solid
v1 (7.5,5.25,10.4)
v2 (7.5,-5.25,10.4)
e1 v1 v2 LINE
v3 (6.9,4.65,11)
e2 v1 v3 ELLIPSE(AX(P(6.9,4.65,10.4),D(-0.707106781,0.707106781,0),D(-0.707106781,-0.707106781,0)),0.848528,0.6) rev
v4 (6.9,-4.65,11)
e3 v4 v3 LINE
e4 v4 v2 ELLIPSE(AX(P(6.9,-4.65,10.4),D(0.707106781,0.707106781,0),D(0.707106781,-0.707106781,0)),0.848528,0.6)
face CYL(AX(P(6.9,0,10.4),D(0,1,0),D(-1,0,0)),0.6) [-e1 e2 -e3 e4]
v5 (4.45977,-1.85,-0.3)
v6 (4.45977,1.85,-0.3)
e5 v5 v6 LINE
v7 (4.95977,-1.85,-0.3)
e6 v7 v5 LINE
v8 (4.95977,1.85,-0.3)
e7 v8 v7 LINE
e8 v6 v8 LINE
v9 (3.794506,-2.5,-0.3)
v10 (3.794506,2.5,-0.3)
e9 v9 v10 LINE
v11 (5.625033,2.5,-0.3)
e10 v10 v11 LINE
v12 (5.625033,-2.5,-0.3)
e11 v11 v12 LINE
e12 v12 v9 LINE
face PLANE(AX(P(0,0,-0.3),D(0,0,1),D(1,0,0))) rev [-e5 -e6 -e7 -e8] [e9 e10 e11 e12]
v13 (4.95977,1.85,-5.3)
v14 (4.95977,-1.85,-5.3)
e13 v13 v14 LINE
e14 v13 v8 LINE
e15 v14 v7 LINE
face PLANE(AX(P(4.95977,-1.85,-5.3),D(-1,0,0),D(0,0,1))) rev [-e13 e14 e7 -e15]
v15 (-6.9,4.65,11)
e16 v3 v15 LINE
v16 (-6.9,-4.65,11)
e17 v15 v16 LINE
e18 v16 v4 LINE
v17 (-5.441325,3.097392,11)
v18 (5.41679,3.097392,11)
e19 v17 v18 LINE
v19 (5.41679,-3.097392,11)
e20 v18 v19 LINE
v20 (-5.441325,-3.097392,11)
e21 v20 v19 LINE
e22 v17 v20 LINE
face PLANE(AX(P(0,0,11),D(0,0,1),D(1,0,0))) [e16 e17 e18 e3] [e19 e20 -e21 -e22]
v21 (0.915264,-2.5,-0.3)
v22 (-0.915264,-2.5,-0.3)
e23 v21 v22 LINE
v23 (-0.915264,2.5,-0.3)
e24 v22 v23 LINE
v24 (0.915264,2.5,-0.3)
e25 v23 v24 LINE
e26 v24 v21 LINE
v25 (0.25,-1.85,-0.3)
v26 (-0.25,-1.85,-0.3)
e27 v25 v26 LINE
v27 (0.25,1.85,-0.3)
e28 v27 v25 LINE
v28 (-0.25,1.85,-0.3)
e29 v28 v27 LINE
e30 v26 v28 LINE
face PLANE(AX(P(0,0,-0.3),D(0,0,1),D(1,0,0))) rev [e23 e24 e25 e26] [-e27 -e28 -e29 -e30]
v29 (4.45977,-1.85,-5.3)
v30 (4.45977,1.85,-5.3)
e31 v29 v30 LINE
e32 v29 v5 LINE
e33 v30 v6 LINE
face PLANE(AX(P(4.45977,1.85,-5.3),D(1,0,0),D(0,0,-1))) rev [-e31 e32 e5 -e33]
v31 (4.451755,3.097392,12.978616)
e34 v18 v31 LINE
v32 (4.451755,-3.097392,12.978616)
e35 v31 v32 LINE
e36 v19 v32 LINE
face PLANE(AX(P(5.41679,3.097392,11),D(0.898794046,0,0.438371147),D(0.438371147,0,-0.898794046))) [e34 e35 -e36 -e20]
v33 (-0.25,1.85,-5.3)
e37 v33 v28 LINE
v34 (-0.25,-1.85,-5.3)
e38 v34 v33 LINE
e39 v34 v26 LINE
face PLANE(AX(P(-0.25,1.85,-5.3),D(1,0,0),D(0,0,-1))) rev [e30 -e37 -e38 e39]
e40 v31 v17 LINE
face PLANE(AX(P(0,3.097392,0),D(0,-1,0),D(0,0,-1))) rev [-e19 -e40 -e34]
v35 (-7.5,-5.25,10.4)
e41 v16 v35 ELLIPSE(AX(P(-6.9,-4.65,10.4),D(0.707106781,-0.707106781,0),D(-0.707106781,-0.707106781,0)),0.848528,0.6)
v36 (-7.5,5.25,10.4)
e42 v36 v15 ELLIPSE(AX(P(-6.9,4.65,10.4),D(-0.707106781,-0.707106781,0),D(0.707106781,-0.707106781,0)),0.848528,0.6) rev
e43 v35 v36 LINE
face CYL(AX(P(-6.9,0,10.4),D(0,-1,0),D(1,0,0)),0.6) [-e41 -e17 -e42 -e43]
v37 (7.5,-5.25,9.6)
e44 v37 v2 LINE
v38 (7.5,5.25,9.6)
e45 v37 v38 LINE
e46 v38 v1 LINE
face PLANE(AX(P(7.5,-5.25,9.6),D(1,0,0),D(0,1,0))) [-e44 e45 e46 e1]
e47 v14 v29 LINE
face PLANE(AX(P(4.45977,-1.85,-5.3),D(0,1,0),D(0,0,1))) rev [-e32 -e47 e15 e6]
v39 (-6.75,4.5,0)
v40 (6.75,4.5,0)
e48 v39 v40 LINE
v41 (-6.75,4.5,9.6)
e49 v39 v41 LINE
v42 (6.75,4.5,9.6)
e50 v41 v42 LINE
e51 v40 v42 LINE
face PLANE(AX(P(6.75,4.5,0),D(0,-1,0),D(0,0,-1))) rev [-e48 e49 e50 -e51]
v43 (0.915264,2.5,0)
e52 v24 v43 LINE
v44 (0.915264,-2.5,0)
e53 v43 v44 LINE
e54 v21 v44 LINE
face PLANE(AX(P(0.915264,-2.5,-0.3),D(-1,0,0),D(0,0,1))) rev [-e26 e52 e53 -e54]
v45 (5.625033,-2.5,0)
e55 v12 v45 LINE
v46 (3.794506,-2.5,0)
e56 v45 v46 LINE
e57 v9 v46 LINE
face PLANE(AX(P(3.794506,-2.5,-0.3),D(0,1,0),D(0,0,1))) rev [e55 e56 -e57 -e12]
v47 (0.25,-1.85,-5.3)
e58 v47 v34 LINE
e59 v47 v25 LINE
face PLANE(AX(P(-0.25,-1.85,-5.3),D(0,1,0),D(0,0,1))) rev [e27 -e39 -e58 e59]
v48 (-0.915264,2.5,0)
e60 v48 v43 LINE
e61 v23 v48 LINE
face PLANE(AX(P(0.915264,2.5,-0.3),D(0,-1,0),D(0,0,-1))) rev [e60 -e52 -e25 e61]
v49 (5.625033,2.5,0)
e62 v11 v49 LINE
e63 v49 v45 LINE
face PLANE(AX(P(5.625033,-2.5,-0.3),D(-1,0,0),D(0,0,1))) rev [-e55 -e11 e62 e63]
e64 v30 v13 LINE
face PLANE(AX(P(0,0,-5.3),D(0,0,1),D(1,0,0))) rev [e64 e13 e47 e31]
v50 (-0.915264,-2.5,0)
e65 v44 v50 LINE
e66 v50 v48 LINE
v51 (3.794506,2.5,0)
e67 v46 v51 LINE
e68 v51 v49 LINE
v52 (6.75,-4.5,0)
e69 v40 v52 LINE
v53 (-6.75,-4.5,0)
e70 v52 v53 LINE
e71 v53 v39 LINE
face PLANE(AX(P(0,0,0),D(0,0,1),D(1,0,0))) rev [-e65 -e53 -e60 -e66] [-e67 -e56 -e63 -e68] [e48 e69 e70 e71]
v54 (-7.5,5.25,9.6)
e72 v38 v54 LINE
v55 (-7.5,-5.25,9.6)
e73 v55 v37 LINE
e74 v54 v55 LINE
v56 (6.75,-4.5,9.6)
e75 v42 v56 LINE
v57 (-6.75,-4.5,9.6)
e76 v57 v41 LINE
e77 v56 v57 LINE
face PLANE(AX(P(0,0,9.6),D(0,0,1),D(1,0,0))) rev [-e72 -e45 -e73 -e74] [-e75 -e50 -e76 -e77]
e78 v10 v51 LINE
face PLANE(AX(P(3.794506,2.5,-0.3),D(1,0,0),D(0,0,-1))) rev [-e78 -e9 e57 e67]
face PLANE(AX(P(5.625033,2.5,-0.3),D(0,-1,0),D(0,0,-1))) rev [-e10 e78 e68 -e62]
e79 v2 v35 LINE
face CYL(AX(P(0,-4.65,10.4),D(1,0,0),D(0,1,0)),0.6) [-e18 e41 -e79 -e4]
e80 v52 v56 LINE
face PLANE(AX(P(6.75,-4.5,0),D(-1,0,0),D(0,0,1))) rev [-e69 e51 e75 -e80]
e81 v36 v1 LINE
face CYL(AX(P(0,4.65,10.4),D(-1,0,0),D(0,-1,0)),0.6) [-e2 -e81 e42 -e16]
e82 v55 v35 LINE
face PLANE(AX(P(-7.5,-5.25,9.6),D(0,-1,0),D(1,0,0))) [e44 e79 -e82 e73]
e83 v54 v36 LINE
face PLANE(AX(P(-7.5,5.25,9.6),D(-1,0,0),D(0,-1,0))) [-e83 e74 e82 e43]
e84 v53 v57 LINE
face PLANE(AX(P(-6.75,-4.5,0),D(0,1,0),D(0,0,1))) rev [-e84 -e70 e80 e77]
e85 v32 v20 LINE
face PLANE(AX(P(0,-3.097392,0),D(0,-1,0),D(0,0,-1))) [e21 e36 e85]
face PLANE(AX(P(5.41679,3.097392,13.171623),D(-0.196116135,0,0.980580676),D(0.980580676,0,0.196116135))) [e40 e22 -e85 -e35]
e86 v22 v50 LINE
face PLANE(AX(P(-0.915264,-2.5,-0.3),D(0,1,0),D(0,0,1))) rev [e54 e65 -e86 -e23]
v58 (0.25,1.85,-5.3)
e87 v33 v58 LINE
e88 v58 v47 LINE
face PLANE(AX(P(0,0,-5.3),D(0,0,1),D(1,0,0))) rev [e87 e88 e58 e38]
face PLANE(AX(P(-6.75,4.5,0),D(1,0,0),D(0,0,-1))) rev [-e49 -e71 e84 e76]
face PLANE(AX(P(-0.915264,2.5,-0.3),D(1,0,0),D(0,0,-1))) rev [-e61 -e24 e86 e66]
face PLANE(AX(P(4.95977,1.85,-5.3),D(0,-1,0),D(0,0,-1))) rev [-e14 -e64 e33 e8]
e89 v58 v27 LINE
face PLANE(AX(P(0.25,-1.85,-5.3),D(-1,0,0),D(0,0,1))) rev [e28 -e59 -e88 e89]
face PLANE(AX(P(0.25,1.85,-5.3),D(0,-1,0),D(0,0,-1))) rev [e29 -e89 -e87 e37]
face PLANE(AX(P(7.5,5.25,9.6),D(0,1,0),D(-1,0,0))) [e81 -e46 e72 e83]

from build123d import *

# Parameters (mm, degrees)
SKETCH_1_W      = 15
SKETCH_1_H      = 10.5
EXTRUDE_1_DEPTH = 1.4
EXTRUDE_2_DEPTH = 6.194784772
SKETCH_3_W      = 13.5
SKETCH_3_H      = 9
EXTRUDE_3_DEPTH = 9.6
SKETCH_4_W      = 1.830527318
SKETCH_4_H      = 5
EXTRUDE_4_DEPTH = 0.3
SKETCH_5_W      = 0.5
SKETCH_5_H      = 3.7
EXTRUDE_5_DEPTH = 5
SKETCH_6_W      = 1.830527318
SKETCH_6_H      = 5
EXTRUDE_6_DEPTH = 0.3
SKETCH_7_W      = 0.5
SKETCH_7_H      = 3.7
EXTRUDE_7_DEPTH = 5
DRAFT_1_ANGLE   = 26
FILLET_1_R      = 0.6


with BuildPart() as part:
    # 草图1 → 凸台-拉伸1 (new body)
    with BuildSketch(Plane.XY.offset(11)):
        Rectangle(SKETCH_1_W, SKETCH_1_H)
    extrude(amount=-EXTRUDE_1_DEPTH)

    # 草图2 → 凸台-拉伸2 (add)
    with BuildSketch(Plane.XZ.offset(3.097392386)):
        Polygon((5.416790428, 11), (5.416790428, 13.171623136), (-5.441325251, 11), align=None)
    extrude(amount=-EXTRUDE_2_DEPTH)

    # 草图3 → 凸台-拉伸3 (add)
    with BuildSketch(Plane(origin=(0, 0, 9.6), x_dir=(-1, 0, 0), z_dir=(0, 0, -1))):
        Rectangle(SKETCH_3_W, SKETCH_3_H)
    extrude(amount=EXTRUDE_3_DEPTH)

    # 草图4 → 凸台-拉伸4 (add)
    with BuildSketch(Plane(origin=(0, 0, 0), x_dir=(-1, 0, 0), z_dir=(0, 0, -1))):
        Rectangle(SKETCH_4_W, SKETCH_4_H)
    extrude(amount=EXTRUDE_4_DEPTH)

    # 草图5 → 凸台-拉伸5 (add)
    with BuildSketch(Plane(origin=(0, 0, -0.3), x_dir=(-1, 0, 0), z_dir=(0, 0, -1))):
        Rectangle(SKETCH_5_W, SKETCH_5_H)
    extrude(amount=EXTRUDE_5_DEPTH)

    # 草图6 → 凸台-拉伸6 (add)
    with BuildSketch(Plane(origin=(0, 0, 0), x_dir=(-1, 0, 0), z_dir=(0, 0, -1))):
        with Locations((-4.709769509, 0)):
            Rectangle(SKETCH_6_W, SKETCH_6_H)
    extrude(amount=EXTRUDE_6_DEPTH)

    # 草图7 → 凸台-拉伸7 (add)
    with BuildSketch(Plane(origin=(0, 0, -0.3), x_dir=(-1, 0, 0), z_dir=(0, 0, -1))):
        with Locations((-4.709769509, 0)):
            Rectangle(SKETCH_7_W, SKETCH_7_H)
    extrude(amount=EXTRUDE_7_DEPTH)

    # 拔模1
    draft_1_faces = [part.faces().sort_by_distance(p)[0] for p in [
        (5.416790428, 0, 12.085811568),
    ]]
    draft(draft_1_faces, Plane.XY.offset(11), DRAFT_1_ANGLE)

    # 圆角1
    fillet_1_edges = [part.edges().sort_by_distance(p)[0] for p in [
        (7.5, 0, 11),
        (0, -5.25, 11),
        (-7.5, 0, 11),
        (0, 5.25, 11),
    ]]
    fillet(fillet_1_edges, radius=FILLET_1_R)


solid = part.part
